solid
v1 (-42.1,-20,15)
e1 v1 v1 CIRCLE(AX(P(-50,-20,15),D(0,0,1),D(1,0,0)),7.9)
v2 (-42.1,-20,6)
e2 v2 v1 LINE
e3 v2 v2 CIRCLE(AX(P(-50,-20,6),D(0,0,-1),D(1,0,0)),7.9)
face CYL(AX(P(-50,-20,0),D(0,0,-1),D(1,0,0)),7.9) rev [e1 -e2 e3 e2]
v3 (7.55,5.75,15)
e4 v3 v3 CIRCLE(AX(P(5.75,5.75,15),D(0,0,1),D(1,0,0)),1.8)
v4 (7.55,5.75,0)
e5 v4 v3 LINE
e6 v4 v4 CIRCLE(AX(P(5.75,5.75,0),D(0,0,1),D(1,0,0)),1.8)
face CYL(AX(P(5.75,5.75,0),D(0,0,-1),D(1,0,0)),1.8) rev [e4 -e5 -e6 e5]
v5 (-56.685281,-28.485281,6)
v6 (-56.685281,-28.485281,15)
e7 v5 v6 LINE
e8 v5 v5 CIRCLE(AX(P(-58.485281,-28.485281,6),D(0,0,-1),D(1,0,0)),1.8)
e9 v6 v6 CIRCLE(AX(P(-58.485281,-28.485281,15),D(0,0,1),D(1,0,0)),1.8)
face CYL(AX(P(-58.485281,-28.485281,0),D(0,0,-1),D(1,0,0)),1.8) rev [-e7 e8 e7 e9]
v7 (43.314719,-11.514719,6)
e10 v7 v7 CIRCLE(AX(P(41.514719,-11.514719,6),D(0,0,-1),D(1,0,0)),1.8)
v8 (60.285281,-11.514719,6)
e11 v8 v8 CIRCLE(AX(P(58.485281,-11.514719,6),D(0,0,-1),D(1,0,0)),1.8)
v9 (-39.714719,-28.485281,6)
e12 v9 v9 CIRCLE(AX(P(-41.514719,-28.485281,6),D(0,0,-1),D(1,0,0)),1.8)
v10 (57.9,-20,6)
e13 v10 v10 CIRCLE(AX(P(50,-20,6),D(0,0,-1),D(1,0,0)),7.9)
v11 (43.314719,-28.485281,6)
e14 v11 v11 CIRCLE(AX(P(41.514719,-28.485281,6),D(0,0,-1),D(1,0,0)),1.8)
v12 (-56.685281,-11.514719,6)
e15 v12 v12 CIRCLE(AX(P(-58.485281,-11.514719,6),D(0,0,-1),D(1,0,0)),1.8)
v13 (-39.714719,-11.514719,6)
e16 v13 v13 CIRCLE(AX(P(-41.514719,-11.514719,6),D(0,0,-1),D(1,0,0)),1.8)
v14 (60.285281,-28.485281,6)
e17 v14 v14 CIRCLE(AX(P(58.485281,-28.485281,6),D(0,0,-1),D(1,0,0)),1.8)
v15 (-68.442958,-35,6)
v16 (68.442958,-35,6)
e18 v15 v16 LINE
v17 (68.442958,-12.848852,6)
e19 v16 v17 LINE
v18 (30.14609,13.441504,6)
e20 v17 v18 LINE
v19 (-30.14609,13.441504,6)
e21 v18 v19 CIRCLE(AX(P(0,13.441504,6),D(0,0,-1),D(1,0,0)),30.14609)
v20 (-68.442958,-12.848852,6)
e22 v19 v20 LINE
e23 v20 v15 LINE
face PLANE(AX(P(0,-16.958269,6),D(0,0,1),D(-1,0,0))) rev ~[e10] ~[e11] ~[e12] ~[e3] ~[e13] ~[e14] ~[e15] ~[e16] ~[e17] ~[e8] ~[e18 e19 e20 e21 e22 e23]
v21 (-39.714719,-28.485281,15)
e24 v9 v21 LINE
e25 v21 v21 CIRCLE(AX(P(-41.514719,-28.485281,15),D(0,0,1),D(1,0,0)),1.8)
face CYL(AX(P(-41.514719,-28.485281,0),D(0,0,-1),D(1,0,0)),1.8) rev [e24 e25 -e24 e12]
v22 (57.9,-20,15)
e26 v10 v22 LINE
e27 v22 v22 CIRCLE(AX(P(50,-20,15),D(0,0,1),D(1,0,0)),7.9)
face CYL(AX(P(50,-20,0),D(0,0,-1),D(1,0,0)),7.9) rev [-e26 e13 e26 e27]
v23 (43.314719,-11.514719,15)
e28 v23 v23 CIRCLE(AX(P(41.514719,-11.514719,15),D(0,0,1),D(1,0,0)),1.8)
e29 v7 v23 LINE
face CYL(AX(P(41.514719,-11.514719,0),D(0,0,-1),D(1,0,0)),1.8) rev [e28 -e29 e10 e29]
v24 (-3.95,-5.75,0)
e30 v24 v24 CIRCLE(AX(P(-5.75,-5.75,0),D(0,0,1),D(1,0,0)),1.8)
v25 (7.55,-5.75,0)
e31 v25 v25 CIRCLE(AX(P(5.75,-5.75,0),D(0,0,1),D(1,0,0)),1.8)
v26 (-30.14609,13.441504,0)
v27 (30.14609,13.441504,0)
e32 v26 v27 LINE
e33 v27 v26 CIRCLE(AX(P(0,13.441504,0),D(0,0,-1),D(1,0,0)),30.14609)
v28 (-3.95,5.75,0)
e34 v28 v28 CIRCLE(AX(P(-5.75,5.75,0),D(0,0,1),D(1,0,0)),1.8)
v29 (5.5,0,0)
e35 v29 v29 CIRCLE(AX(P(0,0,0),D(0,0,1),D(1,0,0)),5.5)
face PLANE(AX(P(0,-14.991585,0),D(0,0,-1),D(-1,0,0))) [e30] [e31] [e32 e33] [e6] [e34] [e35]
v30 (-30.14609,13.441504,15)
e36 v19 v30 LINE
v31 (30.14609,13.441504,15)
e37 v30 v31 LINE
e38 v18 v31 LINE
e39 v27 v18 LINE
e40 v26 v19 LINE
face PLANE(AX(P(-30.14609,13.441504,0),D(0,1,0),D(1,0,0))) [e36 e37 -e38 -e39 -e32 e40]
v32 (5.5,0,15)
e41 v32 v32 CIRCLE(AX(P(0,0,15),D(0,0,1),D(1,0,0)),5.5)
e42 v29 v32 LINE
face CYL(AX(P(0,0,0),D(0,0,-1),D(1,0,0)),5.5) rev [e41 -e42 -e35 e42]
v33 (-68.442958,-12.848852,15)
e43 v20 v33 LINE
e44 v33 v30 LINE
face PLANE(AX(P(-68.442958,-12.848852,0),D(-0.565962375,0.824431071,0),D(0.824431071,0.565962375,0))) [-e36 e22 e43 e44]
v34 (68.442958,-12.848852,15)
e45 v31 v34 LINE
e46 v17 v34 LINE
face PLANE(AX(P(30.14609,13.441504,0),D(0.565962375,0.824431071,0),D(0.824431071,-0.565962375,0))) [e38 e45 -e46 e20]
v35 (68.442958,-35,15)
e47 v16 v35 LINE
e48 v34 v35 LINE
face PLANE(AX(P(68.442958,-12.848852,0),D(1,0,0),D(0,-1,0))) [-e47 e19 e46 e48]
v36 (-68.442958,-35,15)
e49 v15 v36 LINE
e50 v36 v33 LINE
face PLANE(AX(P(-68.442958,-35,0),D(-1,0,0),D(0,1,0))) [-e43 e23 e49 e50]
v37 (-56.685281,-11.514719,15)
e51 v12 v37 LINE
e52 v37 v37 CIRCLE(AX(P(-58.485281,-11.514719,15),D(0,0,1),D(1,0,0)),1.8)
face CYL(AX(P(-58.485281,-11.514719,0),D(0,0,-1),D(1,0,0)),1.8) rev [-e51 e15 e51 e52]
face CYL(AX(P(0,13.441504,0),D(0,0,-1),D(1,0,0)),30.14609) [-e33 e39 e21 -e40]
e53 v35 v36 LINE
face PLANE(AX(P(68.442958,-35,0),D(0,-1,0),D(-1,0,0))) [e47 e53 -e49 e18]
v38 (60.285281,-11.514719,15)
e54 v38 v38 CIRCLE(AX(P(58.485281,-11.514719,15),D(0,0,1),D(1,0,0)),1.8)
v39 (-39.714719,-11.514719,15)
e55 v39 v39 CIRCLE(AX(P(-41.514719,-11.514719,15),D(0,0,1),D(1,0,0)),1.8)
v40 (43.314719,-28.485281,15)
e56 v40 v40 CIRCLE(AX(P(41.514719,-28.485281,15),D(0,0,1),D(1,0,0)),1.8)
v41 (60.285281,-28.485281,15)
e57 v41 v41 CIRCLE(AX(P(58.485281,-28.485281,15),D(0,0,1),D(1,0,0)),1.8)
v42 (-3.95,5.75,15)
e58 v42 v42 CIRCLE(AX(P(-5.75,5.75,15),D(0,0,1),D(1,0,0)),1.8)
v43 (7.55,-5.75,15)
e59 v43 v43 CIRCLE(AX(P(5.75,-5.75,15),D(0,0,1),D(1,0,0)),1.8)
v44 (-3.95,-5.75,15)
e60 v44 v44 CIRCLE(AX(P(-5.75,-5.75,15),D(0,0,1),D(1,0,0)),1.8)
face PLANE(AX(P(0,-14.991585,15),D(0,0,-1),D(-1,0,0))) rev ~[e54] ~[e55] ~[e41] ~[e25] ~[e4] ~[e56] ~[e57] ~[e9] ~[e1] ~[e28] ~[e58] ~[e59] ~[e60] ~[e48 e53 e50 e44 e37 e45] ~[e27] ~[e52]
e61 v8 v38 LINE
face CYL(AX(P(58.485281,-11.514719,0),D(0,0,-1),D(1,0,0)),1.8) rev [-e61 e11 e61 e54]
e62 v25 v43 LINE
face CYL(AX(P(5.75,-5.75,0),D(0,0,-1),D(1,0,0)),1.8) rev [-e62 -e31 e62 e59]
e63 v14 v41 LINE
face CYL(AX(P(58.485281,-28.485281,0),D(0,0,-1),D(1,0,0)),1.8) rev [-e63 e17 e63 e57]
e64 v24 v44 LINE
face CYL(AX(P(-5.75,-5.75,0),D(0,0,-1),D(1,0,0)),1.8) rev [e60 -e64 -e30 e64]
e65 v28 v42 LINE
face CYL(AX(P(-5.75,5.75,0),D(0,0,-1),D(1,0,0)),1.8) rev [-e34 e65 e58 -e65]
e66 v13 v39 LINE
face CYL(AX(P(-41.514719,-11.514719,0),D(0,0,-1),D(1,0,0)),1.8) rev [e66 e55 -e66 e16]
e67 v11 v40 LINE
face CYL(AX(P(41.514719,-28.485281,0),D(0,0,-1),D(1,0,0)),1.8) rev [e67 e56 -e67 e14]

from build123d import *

# Parameters (mm, degrees)
SKETCH_R     = 5.5
SKETCH_R_2   = 1.8
SKETCH_R_3   = 7.9
PAD_DEPTH    = 15
POCKET_DEPTH = 6


with BuildPart() as part:
    # Sketch → Pad (new body)
    with BuildSketch(Plane.XY):
        Polygon((-68.442958, -12.848852), (-30.14609, 13.441504), (30.14609, 13.441504), (68.442958, -12.848852), (68.442958, -35), (-68.442958, -35), align=None)
        Circle(SKETCH_R, mode=Mode.SUBTRACT)
        with Locations((-5.75, 5.75)):
            Circle(SKETCH_R_2, mode=Mode.SUBTRACT)
        with Locations((5.75, 5.75)):
            Circle(SKETCH_R_2, mode=Mode.SUBTRACT)
        with Locations((5.75, -5.75)):
            Circle(SKETCH_R_2, mode=Mode.SUBTRACT)
        with Locations((-5.75, -5.75)):
            Circle(SKETCH_R_2, mode=Mode.SUBTRACT)
        with Locations((-58.485281, -28.485281)):
            Circle(SKETCH_R_2, mode=Mode.SUBTRACT)
        with Locations((-41.514719, -11.514719)):
            Circle(SKETCH_R_2, mode=Mode.SUBTRACT)
        with Locations((-41.514719, -28.485281)):
            Circle(SKETCH_R_2, mode=Mode.SUBTRACT)
        with Locations((-58.485281, -11.514719)):
            Circle(SKETCH_R_2, mode=Mode.SUBTRACT)
        with Locations((-50, -20)):
            Circle(SKETCH_R_3, mode=Mode.SUBTRACT)
        with Locations((41.514719, -28.485281)):
            Circle(SKETCH_R_2, mode=Mode.SUBTRACT)
        with Locations((58.485281, -11.514719)):
            Circle(SKETCH_R_2, mode=Mode.SUBTRACT)
        with Locations((58.485281, -28.485281)):
            Circle(SKETCH_R_2, mode=Mode.SUBTRACT)
        with Locations((41.514719, -11.514719)):
            Circle(SKETCH_R_2, mode=Mode.SUBTRACT)
        with Locations((50, -20)):
            Circle(SKETCH_R_3, mode=Mode.SUBTRACT)
    extrude(amount=PAD_DEPTH)

    # Sketch001 → Pocket (cut)
    with BuildSketch(Plane(origin=(0, 0, 0), x_dir=(1, 0, 0), z_dir=(0, 0, -1))):
        with BuildLine():
            Line((-30.14609, -13.441504), (-68.442958, 12.848852))
            Line((-68.442958, 12.848852), (-68.442958, 35))
            Line((-68.442958, 35), (68.442958, 35))
            Line((68.442958, 35), (68.442958, 12.848852))
            Line((68.442958, 12.848852), (30.14609, -13.441504))
            ThreePointArc((30.14609, -13.441504), (0, 16.704586), (-30.14609, -13.441504))
        make_face()
    extrude(amount=-POCKET_DEPTH, mode=Mode.SUBTRACT)


solid = part.part
